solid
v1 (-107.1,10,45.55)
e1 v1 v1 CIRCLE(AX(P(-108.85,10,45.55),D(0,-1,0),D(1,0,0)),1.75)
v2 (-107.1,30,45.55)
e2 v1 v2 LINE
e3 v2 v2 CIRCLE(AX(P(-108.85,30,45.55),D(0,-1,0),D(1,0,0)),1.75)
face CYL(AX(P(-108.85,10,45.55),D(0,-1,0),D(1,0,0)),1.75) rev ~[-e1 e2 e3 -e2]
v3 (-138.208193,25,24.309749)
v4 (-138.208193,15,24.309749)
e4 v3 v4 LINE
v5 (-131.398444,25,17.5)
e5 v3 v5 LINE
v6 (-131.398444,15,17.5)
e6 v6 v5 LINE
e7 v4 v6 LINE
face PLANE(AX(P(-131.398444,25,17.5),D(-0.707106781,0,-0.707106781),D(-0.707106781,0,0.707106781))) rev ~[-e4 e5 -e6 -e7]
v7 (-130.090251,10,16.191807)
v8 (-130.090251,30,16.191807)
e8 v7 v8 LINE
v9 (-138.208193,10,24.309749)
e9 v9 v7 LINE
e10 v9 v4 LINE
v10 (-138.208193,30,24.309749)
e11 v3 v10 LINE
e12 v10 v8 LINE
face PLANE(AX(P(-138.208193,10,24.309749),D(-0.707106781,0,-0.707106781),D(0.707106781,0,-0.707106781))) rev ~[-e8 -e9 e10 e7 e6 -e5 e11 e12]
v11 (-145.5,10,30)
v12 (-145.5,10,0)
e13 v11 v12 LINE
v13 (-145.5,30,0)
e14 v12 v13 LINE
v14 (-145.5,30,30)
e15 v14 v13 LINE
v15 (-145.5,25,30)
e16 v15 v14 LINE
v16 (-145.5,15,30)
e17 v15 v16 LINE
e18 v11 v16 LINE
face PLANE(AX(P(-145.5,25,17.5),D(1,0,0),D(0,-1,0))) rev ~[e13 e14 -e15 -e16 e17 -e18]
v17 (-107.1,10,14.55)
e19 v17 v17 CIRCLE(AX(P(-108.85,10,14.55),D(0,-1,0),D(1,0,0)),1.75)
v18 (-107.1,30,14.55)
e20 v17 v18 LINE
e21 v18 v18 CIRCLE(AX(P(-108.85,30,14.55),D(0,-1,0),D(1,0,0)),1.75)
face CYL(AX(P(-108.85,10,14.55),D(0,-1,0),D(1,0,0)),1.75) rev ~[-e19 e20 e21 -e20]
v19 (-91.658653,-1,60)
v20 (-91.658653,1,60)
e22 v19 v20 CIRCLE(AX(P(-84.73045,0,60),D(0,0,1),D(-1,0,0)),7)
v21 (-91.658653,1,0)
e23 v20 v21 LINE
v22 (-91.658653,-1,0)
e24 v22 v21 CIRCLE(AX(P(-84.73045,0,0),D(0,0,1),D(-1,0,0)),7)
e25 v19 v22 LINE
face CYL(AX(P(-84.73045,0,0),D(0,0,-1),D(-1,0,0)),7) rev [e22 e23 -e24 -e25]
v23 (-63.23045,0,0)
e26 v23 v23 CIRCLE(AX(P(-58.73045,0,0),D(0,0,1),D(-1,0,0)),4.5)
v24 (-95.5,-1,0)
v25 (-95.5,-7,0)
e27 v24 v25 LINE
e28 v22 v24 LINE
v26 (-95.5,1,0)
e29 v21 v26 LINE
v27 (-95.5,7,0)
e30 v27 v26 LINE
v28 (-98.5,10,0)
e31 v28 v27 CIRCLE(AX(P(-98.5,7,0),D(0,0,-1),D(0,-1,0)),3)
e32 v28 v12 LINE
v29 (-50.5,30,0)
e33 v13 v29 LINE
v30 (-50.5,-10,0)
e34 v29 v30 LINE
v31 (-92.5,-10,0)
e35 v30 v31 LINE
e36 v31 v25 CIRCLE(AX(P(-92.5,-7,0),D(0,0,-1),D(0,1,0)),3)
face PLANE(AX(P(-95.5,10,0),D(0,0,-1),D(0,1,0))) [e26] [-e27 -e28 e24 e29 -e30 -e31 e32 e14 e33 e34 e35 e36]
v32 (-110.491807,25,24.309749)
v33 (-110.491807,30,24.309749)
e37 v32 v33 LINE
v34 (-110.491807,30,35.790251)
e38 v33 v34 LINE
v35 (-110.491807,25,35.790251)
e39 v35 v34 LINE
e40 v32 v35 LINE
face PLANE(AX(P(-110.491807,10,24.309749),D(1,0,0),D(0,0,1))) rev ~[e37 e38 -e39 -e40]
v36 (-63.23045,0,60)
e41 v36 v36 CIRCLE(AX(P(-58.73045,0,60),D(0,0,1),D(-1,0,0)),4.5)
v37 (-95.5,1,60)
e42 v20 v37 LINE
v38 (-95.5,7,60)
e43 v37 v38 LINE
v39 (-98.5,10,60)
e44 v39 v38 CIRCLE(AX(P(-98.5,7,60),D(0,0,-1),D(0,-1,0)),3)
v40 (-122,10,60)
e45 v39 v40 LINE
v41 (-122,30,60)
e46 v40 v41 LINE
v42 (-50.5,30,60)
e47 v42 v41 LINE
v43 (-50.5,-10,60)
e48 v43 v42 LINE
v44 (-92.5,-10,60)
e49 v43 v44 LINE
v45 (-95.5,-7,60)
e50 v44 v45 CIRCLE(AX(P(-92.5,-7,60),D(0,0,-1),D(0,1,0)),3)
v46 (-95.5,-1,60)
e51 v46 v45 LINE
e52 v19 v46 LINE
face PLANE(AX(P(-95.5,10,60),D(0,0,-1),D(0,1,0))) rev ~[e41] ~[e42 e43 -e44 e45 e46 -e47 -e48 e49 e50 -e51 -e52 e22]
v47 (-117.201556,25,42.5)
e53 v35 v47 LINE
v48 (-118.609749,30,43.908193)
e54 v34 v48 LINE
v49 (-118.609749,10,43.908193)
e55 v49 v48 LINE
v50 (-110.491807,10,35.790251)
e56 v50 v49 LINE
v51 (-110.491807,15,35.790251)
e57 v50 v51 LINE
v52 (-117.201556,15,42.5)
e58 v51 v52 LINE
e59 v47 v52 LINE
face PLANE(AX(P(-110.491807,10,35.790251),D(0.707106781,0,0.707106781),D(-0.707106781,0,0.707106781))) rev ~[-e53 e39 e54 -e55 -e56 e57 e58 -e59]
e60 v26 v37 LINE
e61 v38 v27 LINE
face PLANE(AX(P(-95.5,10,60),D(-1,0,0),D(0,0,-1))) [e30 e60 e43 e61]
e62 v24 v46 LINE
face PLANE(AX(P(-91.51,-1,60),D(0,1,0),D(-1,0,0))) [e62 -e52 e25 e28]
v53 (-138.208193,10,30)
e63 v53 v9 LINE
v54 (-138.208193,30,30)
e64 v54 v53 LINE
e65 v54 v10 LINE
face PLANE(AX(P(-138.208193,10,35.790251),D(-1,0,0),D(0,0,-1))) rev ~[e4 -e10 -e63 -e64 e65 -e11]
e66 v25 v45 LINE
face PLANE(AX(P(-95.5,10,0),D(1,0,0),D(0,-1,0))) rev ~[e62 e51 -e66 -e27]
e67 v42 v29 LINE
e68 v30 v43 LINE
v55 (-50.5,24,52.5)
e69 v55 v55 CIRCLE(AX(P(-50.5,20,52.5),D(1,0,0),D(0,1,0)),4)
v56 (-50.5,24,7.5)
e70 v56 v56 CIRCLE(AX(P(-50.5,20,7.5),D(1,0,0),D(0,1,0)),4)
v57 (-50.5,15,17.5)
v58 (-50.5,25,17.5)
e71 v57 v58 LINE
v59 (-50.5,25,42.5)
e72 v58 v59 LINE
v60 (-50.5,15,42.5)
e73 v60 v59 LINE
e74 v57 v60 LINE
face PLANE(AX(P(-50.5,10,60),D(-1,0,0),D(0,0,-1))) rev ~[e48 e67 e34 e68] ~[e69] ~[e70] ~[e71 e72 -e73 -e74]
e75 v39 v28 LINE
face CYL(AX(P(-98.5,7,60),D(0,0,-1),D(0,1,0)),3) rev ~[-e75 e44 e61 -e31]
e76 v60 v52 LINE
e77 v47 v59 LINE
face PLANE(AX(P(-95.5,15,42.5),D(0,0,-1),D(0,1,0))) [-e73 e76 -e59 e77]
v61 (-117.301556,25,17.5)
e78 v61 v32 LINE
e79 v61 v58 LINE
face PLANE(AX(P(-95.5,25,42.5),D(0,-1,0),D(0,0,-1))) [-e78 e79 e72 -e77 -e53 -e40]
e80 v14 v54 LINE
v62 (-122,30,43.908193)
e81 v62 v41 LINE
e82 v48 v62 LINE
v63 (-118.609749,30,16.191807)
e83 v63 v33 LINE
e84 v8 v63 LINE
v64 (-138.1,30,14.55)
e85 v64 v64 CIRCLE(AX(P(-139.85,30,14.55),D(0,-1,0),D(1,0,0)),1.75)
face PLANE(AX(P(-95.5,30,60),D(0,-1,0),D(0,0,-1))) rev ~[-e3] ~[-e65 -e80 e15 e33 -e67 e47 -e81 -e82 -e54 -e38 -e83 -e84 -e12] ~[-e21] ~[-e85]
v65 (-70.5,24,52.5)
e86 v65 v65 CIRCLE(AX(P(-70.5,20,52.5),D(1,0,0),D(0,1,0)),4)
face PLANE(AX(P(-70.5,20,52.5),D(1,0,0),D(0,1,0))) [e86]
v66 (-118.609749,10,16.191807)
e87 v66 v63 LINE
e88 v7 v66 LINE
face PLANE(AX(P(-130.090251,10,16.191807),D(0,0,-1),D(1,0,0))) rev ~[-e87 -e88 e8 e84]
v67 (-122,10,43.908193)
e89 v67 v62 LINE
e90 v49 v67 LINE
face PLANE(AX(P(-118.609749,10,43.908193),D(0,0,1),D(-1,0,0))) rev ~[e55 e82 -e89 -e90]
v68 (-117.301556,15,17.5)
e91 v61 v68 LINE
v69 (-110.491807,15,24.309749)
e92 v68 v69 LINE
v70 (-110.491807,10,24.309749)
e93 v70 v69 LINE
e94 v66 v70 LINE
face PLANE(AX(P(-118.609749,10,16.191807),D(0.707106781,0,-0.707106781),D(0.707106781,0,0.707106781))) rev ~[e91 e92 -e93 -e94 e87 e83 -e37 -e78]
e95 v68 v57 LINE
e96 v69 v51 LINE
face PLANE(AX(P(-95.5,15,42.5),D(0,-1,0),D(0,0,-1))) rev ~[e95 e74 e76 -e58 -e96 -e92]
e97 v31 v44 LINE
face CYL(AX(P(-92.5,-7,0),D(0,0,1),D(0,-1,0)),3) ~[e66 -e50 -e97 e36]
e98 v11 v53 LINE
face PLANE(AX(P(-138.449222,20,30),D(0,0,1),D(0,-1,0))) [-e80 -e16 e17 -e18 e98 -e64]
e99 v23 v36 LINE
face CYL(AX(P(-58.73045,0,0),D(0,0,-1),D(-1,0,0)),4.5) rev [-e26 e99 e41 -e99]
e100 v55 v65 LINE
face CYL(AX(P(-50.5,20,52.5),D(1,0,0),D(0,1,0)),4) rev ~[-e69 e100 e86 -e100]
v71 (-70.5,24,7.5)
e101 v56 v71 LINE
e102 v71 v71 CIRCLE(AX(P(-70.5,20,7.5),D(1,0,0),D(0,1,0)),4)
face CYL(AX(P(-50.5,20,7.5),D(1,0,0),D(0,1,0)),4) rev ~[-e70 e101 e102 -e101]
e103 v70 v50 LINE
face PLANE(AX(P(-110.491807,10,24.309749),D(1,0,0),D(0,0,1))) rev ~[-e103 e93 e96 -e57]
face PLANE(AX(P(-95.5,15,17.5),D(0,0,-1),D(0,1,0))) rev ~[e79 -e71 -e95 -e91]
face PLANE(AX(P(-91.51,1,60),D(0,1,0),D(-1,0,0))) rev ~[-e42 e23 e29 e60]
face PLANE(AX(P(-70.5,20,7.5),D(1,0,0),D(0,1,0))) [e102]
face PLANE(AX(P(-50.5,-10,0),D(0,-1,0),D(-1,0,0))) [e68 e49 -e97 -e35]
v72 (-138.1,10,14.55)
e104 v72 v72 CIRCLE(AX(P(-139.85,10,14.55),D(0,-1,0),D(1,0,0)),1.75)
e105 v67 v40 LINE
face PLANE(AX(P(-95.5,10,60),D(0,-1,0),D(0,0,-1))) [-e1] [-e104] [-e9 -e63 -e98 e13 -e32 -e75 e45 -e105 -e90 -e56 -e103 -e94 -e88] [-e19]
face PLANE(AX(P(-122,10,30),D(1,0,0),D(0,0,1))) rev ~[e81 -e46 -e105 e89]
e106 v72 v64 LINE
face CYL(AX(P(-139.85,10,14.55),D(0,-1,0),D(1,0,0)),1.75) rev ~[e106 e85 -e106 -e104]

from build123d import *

# Parameters (mm, degrees)
SKETCH060_W             = 45
SKETCH060_H             = 20
SKETCH060_R             = 4.5
SKETCH060_R_2           = 7
PAD033_DEPTH            = 60
SKETCH061_W             = 4
SKETCH061_H             = 2
POCKET031_DEPTH         = 60.001
POCKET031_FACE6_W       = 45
POCKET031_FACE6_H       = 60
PAD034_DEPTH            = 20
SKETCH062_W             = 10
SKETCH062_H             = 25
POCKET032_DEPTH         = 47
SKETCH063_R             = 4
POCKET033_DEPTH         = 20
POCKET033_FACE21_W      = 20
POCKET033_FACE21_H      = 60
POCKET033_FACE21_W_2    = 10
POCKET033_FACE21_H_2    = 25
PAD035_DEPTH            = 50
FILLET004_R             = 3
FILLET005_R             = 3
SKETCH064_R             = 1.75
POCKET034_DEPTH         = 20.001
SKETCH065_W             = 23.5
SKETCH065_H             = 30
POCKET035_DEPTH         = 20.001
POCKET035_FACE41_W      = 10
POCKET035_FACE41_H      = 14.1015555269
PAD036_DEPTH            = 12.5
POCKET036_DEPTH         = 35.001
BODY019_PLACEMENT_ANGLE = 180


with BuildPart() as part:
    # Sketch060 → Pad033 (new body)
    with BuildSketch(Plane.XY):
        Rectangle(SKETCH060_W, SKETCH060_H)
        with Locations((-14.26955, 0)):
            Circle(SKETCH060_R, mode=Mode.SUBTRACT)
        with Locations((11.73045, 0)):
            Circle(SKETCH060_R_2, mode=Mode.SUBTRACT)
    extrude(amount=PAD033_DEPTH)

    # Sketch061 (on Face8 of Pad033) → Pocket031 (cut, through all)
    with BuildSketch(Plane.XY.offset(60)):
        with Locations((20.51, 0)):
            Rectangle(SKETCH061_W, SKETCH061_H)
    extrude(amount=-POCKET031_DEPTH, mode=Mode.SUBTRACT)

    # Pocket031 Face6 → Pad034 (add)
    with BuildSketch(Plane(origin=(0, -10, 30), x_dir=(-1, 0, 0), z_dir=(0, -1, 0))):
        Rectangle(POCKET031_FACE6_W, POCKET031_FACE6_H)
    extrude(amount=PAD034_DEPTH)

    # Sketch062 (on Face6 of Pad034) → Pocket032 (cut)
    with BuildSketch(Plane(origin=(-22.5, 0, 0), x_dir=(0, -1, 0), z_dir=(-1, 0, 0))):
        with Locations((20, 30)):
            Rectangle(SKETCH062_W, SKETCH062_H)
    extrude(amount=-POCKET032_DEPTH, mode=Mode.SUBTRACT)

    # Sketch063 (on Face6 of Pocket032) → Pocket033 (cut)
    with BuildSketch(Plane(origin=(-22.5, 0, 0), x_dir=(0, -1, 0), z_dir=(-1, 0, 0))):
        with Locations((20, 52.5)):
            Circle(SKETCH063_R)
        with Locations((20, 7.5)):
            Circle(SKETCH063_R)
    extrude(amount=-POCKET033_DEPTH, mode=Mode.SUBTRACT)

    # Pocket033 Face21 → Pad035 (add)
    with BuildSketch(Plane(origin=(22.5, -20, 30), x_dir=(0, -1, 0), z_dir=(1, 0, 0))):
        Rectangle(POCKET033_FACE21_W, POCKET033_FACE21_H)
        Rectangle(POCKET033_FACE21_W_2, POCKET033_FACE21_H_2, mode=Mode.SUBTRACT)
    extrude(amount=PAD035_DEPTH)

    # Fillet004
    fillet004_edges = [part.edges().sort_by_distance(p)[0] for p in [
        (22.5, -10, 30),
    ]]
    fillet(fillet004_edges, radius=FILLET004_R)

    # Fillet005
    fillet005_edges = [part.edges().sort_by_distance(p)[0] for p in [
        (22.5, 10, 30),
    ]]
    fillet(fillet005_edges, radius=FILLET005_R)

    # Sketch064 (on Face16 of Fillet005) → Pocket034 (cut, through all)
    with BuildSketch(Plane(origin=(0, -10, 0), x_dir=(-1, 0, 0), z_dir=(0, 1, 0))):
        with Locations((-35.85, 45.55)):
            Circle(SKETCH064_R)
        with Locations((-66.85, 45.55)):
            Circle(SKETCH064_R)
        with Locations((-66.85, 14.55)):
            Circle(SKETCH064_R)
        with Locations((-35.85, 14.55)):
            Circle(SKETCH064_R)
        Polygon((-37.4918070123, 35.7902514855), (-45.6097485145, 43.9081929877), (-57.0902514855, 43.9081929877), (-65.2081929877, 35.7902514855), (-65.2081929877, 24.3097485145), (-57.0902514855, 16.1918070123), (-45.6097485145, 16.1918070123), (-37.4918070123, 24.3097485145), align=None)
    extrude(amount=-POCKET034_DEPTH, mode=Mode.SUBTRACT)

    # Sketch065 (on Face16 of Pocket034) → Pocket035 (cut, through all)
    with BuildSketch(Plane(origin=(0, -10, 0), x_dir=(-1, 0, 0), z_dir=(0, 1, 0))):
        with Locations((-60.75, 45)):
            Rectangle(SKETCH065_W, SKETCH065_H)
    extrude(amount=-POCKET035_DEPTH, mode=Mode.SUBTRACT)

    # Pocket035 Face41 → Pad036 (add)
    with BuildSketch(Plane(origin=(65.4492222366, -20, 17.5), x_dir=(0, 1, 0), z_dir=(0, 0, 1))):
        Rectangle(POCKET035_FACE41_W, POCKET035_FACE41_H)
    extrude(amount=PAD036_DEPTH)

    # Pad036 Face50 → Pocket036 (cut, through all)
    with BuildSketch(Plane(origin=(61.3784329533, -25, 25.2399942401), x_dir=(-1, 0, 0), z_dir=(0, -1, 0))):
        Polygon((2.9799884801, 7.7399942401), (-3.8297600344, 0.9302457255), (-3.8297600344, -4.7600057599), (2.9799884801, -4.7600057599), align=None)
    extrude(amount=-POCKET036_DEPTH, mode=Mode.SUBTRACT)


with BuildPart() as part_1:
    # Body019 placement: moved
    add(part.part.moved(Location((-73, 0, 0))).rotate(Axis((-73, 0, 0), (0, 0, 1)), BODY019_PLACEMENT_ANGLE))


solid = part_1.part
